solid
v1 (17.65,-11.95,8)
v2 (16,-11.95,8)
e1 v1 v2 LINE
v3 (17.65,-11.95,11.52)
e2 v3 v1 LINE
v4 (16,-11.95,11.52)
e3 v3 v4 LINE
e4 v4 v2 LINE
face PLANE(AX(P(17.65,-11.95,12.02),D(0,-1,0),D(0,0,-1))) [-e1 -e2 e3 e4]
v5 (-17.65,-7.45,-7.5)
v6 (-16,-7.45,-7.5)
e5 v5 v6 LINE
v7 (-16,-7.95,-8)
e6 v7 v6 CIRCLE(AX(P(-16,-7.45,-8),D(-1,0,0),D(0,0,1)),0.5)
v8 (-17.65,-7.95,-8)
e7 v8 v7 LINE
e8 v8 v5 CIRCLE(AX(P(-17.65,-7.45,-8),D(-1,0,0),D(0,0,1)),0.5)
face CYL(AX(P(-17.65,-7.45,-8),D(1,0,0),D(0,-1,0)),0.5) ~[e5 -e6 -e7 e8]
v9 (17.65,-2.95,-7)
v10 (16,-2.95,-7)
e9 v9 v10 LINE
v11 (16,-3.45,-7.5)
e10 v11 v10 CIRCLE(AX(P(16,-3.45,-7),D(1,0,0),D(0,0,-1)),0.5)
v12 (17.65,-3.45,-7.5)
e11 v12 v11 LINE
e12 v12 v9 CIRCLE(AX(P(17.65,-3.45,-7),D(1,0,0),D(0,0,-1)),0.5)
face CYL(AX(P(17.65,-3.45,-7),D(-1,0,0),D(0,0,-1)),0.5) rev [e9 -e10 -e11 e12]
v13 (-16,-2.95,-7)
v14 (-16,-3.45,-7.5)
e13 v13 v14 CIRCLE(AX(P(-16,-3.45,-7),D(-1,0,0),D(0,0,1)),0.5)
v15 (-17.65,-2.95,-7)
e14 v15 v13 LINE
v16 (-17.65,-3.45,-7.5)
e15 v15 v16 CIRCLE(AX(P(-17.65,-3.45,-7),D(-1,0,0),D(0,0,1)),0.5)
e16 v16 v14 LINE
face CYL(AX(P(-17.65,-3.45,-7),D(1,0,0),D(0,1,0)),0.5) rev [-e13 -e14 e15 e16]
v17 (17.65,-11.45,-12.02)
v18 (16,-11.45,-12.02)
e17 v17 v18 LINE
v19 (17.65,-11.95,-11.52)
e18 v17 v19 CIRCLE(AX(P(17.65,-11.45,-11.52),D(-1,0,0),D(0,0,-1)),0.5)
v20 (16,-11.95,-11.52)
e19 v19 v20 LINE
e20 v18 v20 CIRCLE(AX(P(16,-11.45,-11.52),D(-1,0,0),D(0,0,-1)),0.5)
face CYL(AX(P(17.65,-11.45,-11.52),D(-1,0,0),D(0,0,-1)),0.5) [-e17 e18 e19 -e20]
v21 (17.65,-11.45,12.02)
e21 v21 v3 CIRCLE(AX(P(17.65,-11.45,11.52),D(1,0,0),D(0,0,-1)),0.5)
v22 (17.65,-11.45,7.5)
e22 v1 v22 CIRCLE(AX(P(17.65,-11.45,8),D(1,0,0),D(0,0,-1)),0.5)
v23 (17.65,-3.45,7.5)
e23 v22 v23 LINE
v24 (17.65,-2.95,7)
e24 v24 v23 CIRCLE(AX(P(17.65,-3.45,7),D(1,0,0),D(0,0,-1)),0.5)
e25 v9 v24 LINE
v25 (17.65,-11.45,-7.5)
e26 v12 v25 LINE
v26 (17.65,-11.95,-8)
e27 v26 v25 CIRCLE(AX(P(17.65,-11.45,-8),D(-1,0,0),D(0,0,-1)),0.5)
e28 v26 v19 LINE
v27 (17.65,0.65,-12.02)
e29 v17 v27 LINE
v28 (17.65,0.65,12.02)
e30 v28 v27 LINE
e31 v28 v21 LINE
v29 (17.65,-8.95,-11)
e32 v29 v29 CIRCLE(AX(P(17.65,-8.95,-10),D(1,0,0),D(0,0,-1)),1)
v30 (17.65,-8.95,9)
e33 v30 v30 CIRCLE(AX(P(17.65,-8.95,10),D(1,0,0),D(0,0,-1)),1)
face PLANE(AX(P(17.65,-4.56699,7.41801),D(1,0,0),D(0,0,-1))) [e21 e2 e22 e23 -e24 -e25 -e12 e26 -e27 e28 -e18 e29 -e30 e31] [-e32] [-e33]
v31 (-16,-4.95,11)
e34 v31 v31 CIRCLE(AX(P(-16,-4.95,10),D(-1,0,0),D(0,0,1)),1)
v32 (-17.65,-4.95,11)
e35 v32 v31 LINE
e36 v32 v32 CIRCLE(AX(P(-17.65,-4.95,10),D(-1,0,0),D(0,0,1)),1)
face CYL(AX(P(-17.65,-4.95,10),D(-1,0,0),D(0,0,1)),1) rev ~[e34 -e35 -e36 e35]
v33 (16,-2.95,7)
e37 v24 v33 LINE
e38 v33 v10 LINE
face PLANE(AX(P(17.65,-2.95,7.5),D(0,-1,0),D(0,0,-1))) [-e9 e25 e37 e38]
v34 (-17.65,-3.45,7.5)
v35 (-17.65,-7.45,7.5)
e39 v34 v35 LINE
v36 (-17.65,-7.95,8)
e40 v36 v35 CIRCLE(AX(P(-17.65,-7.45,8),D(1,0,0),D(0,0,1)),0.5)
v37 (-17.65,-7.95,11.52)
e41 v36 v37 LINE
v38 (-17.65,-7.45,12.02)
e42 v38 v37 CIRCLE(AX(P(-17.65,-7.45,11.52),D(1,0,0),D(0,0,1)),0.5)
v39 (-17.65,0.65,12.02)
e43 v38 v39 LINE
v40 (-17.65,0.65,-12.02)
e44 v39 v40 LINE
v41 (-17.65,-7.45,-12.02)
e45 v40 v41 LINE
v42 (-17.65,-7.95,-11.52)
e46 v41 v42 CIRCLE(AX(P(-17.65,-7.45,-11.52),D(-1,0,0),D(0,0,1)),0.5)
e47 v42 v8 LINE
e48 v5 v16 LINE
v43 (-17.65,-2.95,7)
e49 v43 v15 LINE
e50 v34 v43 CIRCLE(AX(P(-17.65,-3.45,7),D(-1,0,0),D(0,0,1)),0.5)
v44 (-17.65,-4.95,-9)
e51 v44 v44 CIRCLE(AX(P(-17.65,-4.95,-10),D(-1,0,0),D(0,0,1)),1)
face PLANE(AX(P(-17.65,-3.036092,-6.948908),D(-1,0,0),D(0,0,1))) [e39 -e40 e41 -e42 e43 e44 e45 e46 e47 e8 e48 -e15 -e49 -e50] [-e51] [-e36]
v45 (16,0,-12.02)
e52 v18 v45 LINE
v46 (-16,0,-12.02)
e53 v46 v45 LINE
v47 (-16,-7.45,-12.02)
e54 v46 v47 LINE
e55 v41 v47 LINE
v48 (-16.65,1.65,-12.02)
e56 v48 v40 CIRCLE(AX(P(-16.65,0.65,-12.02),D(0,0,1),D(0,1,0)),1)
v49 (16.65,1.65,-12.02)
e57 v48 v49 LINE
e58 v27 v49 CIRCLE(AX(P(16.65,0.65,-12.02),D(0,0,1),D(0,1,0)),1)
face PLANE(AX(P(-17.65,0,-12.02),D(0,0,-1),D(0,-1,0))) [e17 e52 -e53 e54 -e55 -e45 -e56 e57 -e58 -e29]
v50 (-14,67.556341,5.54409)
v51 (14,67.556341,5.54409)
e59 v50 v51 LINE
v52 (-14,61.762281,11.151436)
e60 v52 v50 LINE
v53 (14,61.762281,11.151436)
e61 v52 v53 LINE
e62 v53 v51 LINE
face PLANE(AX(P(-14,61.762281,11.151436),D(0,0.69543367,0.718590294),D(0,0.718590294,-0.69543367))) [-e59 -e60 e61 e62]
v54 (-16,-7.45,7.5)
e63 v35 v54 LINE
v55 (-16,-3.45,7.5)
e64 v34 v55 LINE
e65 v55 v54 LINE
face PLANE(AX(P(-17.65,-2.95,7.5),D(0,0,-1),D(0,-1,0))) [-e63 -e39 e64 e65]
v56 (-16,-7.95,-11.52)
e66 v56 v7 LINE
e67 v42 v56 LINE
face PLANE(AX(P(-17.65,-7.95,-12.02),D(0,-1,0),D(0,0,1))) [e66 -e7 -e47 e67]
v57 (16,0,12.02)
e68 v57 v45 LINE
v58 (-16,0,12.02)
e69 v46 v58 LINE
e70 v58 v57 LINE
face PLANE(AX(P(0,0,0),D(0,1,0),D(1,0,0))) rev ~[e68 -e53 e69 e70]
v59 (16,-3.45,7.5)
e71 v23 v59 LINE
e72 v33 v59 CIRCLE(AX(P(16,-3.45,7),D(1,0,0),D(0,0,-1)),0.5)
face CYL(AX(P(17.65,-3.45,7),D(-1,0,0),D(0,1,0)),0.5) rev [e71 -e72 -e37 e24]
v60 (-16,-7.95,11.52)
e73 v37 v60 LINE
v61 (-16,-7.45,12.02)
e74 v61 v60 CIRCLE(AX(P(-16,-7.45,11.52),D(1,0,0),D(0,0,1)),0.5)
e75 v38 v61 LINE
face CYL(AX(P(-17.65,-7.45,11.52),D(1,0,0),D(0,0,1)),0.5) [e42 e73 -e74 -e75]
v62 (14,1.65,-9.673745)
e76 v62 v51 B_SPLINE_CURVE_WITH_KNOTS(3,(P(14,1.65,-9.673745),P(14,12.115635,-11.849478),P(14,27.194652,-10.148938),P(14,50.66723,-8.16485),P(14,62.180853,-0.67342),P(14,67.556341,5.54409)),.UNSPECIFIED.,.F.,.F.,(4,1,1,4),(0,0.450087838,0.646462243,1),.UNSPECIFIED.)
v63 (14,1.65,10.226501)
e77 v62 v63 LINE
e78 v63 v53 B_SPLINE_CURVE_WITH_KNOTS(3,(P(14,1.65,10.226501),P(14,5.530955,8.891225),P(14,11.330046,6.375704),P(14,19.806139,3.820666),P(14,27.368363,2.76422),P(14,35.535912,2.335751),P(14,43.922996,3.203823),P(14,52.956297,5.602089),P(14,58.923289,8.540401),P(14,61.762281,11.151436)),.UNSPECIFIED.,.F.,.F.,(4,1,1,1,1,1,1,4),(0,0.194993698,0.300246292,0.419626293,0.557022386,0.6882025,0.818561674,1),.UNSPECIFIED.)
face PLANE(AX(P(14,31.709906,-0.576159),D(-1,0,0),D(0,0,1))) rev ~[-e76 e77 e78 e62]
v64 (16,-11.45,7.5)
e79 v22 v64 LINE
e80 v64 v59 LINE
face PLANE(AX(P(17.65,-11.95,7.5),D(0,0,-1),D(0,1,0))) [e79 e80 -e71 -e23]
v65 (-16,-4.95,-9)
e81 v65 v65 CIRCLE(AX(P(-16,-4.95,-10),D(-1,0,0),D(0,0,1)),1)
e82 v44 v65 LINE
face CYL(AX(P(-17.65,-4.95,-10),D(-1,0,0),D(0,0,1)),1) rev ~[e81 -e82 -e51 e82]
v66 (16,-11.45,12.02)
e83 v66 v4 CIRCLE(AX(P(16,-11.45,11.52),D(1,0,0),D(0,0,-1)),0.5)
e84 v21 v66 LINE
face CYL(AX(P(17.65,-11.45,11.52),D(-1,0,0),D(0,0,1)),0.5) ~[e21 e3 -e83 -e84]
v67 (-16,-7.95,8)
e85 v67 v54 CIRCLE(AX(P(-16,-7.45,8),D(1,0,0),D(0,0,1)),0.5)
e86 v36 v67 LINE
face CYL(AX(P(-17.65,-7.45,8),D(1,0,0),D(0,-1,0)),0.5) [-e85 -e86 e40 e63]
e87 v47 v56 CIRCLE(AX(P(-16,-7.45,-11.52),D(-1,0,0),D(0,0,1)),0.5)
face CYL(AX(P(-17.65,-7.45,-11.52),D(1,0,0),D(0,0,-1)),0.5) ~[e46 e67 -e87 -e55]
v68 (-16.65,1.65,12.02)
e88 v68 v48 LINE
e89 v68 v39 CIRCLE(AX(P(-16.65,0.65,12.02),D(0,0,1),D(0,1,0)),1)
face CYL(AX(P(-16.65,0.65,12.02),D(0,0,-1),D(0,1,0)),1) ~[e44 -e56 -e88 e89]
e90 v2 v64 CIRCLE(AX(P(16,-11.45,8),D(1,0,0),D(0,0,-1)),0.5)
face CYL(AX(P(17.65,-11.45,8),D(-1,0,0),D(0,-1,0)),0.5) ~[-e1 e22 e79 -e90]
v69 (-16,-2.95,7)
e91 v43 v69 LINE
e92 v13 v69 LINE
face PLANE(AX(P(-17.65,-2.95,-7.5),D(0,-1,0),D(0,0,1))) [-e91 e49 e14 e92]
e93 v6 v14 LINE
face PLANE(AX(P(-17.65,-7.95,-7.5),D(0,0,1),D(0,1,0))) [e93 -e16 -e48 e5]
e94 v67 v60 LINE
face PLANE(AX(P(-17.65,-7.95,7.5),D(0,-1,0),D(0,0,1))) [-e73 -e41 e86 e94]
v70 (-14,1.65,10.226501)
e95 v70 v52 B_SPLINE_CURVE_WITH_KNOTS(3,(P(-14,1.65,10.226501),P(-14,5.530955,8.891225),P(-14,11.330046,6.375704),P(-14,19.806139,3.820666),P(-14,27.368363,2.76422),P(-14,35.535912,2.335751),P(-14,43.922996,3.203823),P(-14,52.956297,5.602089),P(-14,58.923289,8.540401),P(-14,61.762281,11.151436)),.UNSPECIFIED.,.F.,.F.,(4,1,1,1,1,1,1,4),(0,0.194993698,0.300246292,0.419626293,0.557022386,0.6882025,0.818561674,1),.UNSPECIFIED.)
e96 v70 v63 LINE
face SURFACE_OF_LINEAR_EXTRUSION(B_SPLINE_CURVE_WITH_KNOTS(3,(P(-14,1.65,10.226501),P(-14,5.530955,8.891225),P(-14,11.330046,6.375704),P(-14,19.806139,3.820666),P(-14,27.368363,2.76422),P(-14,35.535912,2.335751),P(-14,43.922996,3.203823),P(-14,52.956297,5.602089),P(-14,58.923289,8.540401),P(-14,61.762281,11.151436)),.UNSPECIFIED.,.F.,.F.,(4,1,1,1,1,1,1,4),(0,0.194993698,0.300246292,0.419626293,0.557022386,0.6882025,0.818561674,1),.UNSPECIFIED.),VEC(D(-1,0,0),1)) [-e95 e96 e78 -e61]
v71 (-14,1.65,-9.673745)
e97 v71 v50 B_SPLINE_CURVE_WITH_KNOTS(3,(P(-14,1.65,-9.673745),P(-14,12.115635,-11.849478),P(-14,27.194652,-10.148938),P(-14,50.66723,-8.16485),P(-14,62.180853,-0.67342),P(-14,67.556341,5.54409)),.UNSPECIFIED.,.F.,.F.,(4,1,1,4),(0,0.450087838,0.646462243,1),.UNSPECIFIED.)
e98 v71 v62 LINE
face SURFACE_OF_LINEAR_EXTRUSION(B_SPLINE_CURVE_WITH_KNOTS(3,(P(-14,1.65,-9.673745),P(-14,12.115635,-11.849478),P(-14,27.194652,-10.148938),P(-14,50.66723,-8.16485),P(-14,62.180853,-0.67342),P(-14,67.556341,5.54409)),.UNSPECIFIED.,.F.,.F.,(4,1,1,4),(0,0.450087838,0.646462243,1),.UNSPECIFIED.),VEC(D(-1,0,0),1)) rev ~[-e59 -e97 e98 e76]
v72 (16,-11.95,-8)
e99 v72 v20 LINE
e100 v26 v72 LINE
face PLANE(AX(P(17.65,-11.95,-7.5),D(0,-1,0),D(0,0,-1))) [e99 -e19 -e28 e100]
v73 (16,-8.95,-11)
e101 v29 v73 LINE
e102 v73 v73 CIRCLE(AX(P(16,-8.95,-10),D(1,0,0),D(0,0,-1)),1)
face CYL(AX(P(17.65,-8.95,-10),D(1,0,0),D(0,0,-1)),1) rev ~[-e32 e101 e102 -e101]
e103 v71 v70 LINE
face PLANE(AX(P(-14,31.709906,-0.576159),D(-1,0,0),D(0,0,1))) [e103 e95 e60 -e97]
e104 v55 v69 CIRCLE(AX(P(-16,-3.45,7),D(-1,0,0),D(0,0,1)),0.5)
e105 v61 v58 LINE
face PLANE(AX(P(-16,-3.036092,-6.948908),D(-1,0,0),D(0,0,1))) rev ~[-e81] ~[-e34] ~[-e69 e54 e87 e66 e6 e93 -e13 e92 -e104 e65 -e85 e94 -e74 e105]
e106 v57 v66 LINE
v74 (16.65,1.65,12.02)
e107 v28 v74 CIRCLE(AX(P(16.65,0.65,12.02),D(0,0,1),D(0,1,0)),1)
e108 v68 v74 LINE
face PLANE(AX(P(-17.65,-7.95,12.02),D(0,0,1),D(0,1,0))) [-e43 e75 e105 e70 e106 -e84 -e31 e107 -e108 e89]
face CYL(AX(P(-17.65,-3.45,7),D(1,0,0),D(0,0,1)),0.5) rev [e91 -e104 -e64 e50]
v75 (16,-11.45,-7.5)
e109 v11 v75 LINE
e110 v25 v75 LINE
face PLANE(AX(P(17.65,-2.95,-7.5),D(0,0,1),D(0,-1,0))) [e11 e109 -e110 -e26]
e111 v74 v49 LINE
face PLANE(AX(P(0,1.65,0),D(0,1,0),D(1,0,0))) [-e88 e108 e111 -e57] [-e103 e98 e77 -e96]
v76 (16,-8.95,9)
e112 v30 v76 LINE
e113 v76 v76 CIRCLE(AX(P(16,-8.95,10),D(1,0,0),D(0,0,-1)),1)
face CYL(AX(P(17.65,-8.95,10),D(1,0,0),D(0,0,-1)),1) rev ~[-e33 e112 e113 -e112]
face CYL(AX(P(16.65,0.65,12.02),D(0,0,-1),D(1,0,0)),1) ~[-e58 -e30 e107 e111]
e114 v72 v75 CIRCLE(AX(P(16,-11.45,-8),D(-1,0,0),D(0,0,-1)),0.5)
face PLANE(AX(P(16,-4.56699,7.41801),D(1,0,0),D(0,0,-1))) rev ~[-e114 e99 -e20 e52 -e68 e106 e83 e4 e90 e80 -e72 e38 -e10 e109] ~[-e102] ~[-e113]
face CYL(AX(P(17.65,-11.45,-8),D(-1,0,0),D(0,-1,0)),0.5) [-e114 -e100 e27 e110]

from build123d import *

# Parameters (mm, degrees)
SKETCH1_W                = 35.3
SKETCH1_H                = 24.04
BOSS_EXTRUDE1_DEPTH      = 1.65
SKETCH2_R                = 1
BOSS_EXTRUDE2_DEPTH      = 1.65
SKETCH3_R                = 1
BOSS_EXTRUDE3_DEPTH      = 1.65
FILLET1_R                = 1
FILLET2_R                = 1
FILLET3_R                = 0.5
BOSS_EXTRUDE4_DEPTH      = 14
BOSS_EXTRUDE4_DEPTH_BACK = 14


with BuildPart() as part:
    # Sketch1 → Boss-Extrude1 (new body)
    with BuildSketch(Plane(origin=(0, 0, 0), x_dir=(1, 0, 0), z_dir=(0, 1, 0))):
        Rectangle(SKETCH1_W, SKETCH1_H)
    extrude(amount=BOSS_EXTRUDE1_DEPTH)

    # Sketch2 → Boss-Extrude2 (add)
    # profile 1 of 2: a face of its own
    with BuildSketch(Plane(origin=(17.65, 0, 0), x_dir=(0, 0, -1), z_dir=(1, 0, 0))):
        Polygon((-7.5, -2.95), (0, -2.95), (0, 0), (-12.02, 0), (-12.02, -11.95), (-7.5, -11.95), align=None)
        with Locations((-10, -8.95)):
            Circle(SKETCH2_R, mode=Mode.SUBTRACT)
    # profile 2 of 2: a face of its own
    with BuildSketch(Plane(origin=(17.65, 0, 0), x_dir=(0, 0, -1), z_dir=(1, 0, 0))):
        Polygon((7.5, -2.95), (7.5, -11.95), (12.02, -11.95), (12.02, 0), (0, 0), (0, -2.95), align=None)
        with Locations((10, -8.95)):
            Circle(SKETCH2_R, mode=Mode.SUBTRACT)
    extrude(amount=-BOSS_EXTRUDE2_DEPTH)

    # Sketch3 → Boss-Extrude3 (add)
    # profile 1 of 2: a face of its own
    with BuildSketch(Plane.ZY.offset(17.65)):
        Polygon((-7.5, -2.95), (0, -2.95), (0, 0), (-12.02, 0), (-12.02, -7.95), (-7.5, -7.95), align=None)
        with Locations((-10, -4.95)):
            Circle(SKETCH3_R, mode=Mode.SUBTRACT)
    # profile 2 of 2: a face of its own
    with BuildSketch(Plane.ZY.offset(17.65)):
        Polygon((7.5, -2.95), (7.5, -7.95), (12.02, -7.95), (12.02, 0), (0, 0), (0, -2.95), align=None)
        with Locations((10, -4.95)):
            Circle(SKETCH3_R, mode=Mode.SUBTRACT)
    extrude(amount=-BOSS_EXTRUDE3_DEPTH)

    # Fillet1
    fillet1_edges = [part.edges().sort_by_distance(p)[0] for p in [
        (17.65, 1.65, 0),
    ]]
    fillet(fillet1_edges, radius=FILLET1_R)

    # Fillet2
    fillet2_edges = [part.edges().sort_by_distance(p)[0] for p in [
        (-17.65, 1.65, 0),
    ]]
    fillet(fillet2_edges, radius=FILLET2_R)

    # Fillet3
    fillet3_edges = [part.edges().sort_by_distance(p)[0] for p in [
        (16.825, -2.95, -7.5),
        (16.825, -2.95, 7.5),
        (16.825, -11.95, 7.5),
        (16.825, -11.95, 12.02),
        (16.825, -11.95, -12.02),
        (16.825, -11.95, -7.5),
        (-16.825, -2.95, 7.5),
        (-16.825, -2.95, -7.5),
        (-16.825, -7.95, -7.5),
        (-16.825, -7.95, -12.02),
        (-16.825, -7.95, 12.02),
        (-16.825, -7.95, 7.5),
    ]]
    fillet(fillet3_edges, radius=FILLET3_R)

    # Sketch4 → Boss-Extrude4 (add, two sides: drawn at the far end of the back side and taken through both)
    with BuildSketch(Plane(origin=(0, 0, 0), x_dir=(0, 0, -1), z_dir=(1, 0, 0)).offset(-BOSS_EXTRUDE4_DEPTH_BACK)):
        with BuildLine():
            Line((9.673745494, 1.65), (-10.226501203, 1.65))
            add(Edge.make_bspline(
                [(-10.226501203, 1.65), (-8.891224977, 5.530955374), (-6.375704163, 11.330046393), (-3.820665891, 19.806139444), (-2.764219946, 27.368362999), (-2.335750521, 35.535912297), (-3.203822549, 43.922996008), (-5.602089045, 52.956296901), (-8.540401229, 58.923289291), (-11.151435745, 61.762281392)],
                knots=[0, 0, 0, 0, 0.194993698, 0.300246292, 0.419626293, 0.557022386, 0.6882025, 0.818561674, 1, 1, 1, 1], degree=3))
            Line((-11.151435745, 61.762281392), (-5.544090215, 67.556340911))
            add(Edge.make_bspline(
                [(9.673745494, 1.65), (11.84947814, 12.11563518), (10.148937614, 27.194651819), (8.164850445, 50.667229732), (0.673420069, 62.180853152), (-5.544090215, 67.556340911)],
                knots=[0, 0, 0, 0, 0.450087838, 0.646462243, 1, 1, 1, 1], degree=3))
        make_face()
    extrude(amount=BOSS_EXTRUDE4_DEPTH + BOSS_EXTRUDE4_DEPTH_BACK)


solid = part.part
